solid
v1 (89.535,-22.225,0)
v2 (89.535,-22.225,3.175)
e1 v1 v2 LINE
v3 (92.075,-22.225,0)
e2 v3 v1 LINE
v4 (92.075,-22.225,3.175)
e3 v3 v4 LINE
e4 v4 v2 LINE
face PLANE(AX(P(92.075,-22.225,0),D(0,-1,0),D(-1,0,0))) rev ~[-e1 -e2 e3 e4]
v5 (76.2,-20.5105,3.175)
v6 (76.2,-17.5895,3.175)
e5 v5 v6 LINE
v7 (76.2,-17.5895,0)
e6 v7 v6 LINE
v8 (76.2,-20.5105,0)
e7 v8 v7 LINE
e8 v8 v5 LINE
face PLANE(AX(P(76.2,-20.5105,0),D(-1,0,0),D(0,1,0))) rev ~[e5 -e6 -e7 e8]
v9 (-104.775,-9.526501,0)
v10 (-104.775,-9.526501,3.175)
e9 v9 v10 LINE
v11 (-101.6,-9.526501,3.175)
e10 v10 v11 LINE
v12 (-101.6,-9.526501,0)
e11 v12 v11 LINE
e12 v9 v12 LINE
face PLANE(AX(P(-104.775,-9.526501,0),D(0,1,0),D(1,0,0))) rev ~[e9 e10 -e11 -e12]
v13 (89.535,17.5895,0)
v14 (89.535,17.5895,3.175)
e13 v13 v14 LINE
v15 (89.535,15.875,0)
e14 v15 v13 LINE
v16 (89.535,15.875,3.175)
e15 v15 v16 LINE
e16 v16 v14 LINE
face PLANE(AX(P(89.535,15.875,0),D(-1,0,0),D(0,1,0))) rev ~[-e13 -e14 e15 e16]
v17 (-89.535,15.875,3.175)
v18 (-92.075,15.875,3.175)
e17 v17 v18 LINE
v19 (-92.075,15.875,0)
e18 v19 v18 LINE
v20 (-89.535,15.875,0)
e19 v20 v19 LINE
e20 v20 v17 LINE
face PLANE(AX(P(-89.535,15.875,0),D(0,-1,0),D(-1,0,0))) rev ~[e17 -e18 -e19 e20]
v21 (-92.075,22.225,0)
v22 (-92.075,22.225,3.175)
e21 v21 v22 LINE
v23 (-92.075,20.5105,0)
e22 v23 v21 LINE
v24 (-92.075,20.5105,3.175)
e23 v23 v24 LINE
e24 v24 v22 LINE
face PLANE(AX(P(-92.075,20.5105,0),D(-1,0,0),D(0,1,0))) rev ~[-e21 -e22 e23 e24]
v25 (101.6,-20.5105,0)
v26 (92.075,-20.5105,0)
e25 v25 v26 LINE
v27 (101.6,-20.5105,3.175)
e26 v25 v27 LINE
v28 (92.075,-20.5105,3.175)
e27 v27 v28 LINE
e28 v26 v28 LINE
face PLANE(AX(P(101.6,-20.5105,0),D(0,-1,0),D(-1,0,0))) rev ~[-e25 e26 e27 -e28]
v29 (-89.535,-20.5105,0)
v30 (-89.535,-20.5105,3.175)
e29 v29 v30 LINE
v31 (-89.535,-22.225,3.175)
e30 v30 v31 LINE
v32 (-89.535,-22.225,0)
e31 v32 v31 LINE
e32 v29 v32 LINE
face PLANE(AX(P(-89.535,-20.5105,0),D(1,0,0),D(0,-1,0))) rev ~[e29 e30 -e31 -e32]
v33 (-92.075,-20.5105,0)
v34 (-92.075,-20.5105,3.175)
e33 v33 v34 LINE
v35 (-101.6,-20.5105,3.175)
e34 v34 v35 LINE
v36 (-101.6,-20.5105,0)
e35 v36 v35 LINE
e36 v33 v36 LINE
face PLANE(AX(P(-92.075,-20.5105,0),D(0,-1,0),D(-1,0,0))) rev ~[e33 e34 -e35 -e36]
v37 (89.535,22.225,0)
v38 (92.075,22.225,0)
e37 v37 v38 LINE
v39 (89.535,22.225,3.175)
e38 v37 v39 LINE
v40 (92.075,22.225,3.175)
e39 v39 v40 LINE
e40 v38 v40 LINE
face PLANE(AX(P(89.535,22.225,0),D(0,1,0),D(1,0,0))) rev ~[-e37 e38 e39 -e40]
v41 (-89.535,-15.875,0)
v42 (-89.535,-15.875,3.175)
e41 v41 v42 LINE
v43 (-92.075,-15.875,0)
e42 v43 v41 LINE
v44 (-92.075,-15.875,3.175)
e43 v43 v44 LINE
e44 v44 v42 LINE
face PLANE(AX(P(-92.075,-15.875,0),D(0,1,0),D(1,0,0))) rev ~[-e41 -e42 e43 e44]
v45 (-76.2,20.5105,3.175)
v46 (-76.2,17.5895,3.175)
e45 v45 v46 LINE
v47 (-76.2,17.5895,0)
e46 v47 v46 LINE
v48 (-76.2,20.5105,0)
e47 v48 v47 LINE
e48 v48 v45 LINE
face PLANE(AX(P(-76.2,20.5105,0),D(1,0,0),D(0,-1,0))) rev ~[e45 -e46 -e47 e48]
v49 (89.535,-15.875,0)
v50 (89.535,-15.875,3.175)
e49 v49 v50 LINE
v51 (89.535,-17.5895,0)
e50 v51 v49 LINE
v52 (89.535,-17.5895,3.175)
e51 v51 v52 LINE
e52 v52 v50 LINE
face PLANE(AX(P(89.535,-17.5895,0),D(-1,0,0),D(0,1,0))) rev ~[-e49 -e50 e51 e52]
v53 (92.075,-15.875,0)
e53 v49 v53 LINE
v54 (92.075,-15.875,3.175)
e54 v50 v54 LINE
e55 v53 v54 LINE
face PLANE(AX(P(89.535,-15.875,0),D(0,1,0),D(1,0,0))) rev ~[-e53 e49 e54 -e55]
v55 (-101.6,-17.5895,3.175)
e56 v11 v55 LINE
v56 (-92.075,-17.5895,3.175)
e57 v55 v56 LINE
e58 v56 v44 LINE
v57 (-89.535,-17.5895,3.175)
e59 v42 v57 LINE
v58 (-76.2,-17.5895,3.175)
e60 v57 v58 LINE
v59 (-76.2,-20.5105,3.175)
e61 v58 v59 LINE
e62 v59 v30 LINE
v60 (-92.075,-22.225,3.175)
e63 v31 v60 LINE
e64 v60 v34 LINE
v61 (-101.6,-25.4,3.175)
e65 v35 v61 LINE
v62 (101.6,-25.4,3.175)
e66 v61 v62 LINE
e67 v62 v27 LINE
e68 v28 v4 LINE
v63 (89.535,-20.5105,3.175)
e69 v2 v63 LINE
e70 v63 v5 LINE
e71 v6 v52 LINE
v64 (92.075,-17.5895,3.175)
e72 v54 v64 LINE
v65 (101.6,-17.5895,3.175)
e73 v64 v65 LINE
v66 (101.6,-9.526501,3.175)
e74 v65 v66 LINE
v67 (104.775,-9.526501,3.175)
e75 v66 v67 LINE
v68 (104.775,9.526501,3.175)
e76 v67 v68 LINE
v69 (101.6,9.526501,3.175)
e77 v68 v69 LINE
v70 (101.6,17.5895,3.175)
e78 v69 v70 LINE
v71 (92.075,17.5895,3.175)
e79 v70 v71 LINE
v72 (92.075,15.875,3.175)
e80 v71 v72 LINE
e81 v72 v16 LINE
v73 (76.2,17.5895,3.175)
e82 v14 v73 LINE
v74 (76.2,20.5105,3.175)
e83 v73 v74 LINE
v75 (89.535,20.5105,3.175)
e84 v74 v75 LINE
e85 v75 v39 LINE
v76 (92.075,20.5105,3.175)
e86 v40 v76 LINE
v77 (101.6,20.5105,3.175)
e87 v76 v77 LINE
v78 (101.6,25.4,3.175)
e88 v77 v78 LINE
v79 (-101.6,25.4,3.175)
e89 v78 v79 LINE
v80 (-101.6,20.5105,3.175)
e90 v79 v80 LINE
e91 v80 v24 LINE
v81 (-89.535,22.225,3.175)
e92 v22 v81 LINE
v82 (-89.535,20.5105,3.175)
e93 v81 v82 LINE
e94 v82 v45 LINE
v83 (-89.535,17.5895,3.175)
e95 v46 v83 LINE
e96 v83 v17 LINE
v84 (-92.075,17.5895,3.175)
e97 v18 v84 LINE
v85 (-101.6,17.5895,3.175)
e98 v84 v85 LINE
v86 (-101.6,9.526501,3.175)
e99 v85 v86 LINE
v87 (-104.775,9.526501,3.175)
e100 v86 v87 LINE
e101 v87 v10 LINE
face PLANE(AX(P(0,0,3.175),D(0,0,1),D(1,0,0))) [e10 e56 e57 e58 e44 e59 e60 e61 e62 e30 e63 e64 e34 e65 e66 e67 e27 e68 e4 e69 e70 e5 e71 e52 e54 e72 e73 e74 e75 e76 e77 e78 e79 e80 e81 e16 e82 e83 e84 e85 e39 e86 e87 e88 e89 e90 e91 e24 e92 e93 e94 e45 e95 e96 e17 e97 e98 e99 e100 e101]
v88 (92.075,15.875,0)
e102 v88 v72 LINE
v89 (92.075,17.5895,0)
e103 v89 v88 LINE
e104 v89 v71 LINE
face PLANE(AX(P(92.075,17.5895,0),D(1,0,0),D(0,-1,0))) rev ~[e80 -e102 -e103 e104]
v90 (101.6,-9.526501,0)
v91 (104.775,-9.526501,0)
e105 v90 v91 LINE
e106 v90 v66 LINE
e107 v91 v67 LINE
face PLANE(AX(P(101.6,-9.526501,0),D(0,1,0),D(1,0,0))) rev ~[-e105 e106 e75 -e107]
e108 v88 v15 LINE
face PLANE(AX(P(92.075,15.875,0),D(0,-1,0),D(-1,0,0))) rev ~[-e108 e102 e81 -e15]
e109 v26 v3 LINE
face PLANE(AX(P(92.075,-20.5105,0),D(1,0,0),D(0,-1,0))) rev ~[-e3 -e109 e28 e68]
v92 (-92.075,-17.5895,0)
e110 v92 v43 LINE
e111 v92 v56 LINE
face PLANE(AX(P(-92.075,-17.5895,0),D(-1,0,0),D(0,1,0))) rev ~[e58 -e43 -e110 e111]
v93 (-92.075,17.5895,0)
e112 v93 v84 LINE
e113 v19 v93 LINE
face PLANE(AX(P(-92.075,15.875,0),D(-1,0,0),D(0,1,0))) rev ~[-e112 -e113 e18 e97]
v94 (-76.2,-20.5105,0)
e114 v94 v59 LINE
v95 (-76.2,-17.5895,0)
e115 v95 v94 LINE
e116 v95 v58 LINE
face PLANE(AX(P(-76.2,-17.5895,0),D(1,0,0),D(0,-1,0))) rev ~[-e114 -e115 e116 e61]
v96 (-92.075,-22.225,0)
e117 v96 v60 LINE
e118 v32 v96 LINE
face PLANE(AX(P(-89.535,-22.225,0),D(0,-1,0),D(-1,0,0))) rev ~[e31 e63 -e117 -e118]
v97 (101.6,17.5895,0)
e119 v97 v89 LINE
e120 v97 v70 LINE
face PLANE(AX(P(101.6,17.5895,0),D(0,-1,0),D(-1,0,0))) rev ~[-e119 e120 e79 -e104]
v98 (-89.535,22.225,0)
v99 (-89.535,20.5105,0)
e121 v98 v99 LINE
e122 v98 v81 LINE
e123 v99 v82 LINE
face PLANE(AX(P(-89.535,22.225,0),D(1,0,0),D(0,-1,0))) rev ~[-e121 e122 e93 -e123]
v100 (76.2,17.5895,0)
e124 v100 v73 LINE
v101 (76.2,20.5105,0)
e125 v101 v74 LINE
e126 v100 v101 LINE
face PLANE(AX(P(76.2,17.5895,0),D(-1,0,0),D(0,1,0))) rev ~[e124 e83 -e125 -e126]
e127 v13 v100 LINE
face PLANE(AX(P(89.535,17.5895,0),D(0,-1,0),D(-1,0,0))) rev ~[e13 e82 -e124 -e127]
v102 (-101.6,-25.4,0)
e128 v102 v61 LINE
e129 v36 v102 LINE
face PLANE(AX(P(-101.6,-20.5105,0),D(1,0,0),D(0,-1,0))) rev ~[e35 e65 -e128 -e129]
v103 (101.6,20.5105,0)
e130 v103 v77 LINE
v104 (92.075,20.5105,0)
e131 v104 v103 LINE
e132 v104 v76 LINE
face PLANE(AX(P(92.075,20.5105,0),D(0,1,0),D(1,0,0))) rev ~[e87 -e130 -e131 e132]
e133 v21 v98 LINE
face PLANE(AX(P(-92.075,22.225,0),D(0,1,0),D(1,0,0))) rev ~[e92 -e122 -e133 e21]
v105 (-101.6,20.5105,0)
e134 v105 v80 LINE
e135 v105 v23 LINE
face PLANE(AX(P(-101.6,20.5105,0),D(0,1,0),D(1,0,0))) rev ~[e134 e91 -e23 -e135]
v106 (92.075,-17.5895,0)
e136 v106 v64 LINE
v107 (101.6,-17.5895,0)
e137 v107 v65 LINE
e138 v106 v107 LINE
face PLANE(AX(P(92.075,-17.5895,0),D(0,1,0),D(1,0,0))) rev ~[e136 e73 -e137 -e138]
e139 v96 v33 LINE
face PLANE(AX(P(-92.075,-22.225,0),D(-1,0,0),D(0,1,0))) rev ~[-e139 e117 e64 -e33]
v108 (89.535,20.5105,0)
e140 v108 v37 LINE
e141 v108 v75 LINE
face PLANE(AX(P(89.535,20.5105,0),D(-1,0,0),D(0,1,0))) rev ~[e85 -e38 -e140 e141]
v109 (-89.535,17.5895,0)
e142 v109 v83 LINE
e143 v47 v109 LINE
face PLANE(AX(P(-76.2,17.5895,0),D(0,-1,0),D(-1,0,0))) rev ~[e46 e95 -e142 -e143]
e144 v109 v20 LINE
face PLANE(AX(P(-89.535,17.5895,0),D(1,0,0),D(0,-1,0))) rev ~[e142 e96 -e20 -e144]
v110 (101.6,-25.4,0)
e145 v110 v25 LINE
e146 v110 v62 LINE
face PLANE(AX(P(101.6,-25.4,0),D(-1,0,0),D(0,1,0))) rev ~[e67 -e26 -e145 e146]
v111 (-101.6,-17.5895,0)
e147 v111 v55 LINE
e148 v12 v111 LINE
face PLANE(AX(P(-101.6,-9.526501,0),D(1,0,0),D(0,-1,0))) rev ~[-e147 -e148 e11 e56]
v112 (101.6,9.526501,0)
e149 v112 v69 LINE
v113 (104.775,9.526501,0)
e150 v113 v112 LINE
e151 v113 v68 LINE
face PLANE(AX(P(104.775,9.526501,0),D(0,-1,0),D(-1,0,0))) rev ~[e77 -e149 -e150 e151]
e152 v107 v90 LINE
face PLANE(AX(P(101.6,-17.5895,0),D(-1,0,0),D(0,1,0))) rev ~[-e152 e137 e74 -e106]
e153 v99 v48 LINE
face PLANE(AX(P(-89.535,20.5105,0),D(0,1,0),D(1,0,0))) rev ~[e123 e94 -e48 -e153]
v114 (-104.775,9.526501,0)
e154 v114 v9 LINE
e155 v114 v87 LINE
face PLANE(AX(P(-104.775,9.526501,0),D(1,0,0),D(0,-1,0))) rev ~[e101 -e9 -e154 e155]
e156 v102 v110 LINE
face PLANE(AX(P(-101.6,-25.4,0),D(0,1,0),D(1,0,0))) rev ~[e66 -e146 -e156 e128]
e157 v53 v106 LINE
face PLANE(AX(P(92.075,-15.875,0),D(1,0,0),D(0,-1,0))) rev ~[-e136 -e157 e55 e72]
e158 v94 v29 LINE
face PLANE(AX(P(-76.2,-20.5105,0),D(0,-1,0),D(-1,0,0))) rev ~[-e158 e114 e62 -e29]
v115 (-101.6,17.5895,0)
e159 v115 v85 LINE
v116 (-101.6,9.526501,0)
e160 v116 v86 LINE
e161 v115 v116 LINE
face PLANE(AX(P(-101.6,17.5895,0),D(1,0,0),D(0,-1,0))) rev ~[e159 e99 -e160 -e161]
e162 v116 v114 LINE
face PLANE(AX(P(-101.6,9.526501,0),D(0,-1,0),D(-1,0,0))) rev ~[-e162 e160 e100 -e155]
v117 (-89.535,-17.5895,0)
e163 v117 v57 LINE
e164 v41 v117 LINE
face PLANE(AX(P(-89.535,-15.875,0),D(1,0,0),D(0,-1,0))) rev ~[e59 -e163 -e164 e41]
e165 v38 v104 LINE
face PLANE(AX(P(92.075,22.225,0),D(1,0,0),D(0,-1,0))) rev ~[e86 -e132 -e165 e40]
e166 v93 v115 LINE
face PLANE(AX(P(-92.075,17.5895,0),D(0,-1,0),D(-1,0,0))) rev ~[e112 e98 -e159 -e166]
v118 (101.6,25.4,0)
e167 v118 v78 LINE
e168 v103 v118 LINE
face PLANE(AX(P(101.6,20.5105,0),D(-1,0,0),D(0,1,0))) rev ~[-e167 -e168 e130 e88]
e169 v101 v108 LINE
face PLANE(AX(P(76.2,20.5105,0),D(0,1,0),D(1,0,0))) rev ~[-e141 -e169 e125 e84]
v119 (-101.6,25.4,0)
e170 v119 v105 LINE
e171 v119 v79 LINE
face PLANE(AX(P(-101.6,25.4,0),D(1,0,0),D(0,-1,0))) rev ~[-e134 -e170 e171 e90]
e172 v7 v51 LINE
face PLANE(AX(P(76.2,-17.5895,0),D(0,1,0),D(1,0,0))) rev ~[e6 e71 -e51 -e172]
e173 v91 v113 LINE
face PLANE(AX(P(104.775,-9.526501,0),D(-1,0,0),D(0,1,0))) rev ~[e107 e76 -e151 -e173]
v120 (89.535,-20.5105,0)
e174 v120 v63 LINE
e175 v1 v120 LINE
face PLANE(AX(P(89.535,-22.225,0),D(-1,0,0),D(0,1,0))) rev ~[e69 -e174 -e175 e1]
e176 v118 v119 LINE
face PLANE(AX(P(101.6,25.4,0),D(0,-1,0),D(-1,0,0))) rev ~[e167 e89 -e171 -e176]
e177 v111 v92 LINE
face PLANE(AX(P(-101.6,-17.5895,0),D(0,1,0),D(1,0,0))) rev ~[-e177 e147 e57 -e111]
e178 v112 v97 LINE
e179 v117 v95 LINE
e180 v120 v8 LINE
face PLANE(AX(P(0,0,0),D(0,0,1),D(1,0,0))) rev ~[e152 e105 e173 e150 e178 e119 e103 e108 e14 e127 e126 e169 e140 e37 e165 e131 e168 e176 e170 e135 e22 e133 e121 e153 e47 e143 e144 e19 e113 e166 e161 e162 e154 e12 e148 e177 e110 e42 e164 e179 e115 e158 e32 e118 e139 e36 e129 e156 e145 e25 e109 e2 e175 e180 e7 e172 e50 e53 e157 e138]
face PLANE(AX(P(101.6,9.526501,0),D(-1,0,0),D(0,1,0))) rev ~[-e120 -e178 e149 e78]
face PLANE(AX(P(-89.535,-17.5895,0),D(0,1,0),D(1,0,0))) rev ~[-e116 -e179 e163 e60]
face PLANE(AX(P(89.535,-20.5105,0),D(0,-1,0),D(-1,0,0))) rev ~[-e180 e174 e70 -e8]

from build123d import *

# Parameters (mm, degrees)
F1_DEPTH = 3.175


with BuildPart() as f1:
    # F0 (on Top) → F1 (new body)
    with BuildSketch(Plane.XY):
        Polygon((101.6, 25.4), (0, 25.4), (-101.6, 25.4), (-101.6, 20.5105), (-92.075, 20.5105), (-92.075, 22.225), (-89.535, 22.225), (-89.535, 20.5105), (-76.2, 20.5105), (-76.2, 17.5895), (-89.535, 17.5895), (-89.535, 15.875), (-92.075, 15.875), (-92.075, 17.5895), (-101.6, 17.5895), (-101.6, 9.526501), (-104.775, 9.526501), (-104.775, 0), (-104.775, -9.526501), (-101.6, -9.526501), (-101.6, -17.5895), (-92.075, -17.5895), (-92.075, -15.875), (-89.535, -15.875), (-89.535, -17.5895), (-76.2, -17.5895), (-76.2, -20.5105), (-89.535, -20.5105), (-89.535, -22.225), (-92.075, -22.225), (-92.075, -20.5105), (-101.6, -20.5105), (-101.6, -25.4), (0, -25.4), (101.6, -25.4), (101.6, -20.5105), (92.075, -20.5105), (92.075, -22.225), (89.535, -22.225), (89.535, -20.5105), (76.2, -20.5105), (76.2, -17.5895), (89.535, -17.5895), (89.535, -15.875), (92.075, -15.875), (92.075, -17.5895), (101.6, -17.5895), (101.6, -9.526501), (104.775, -9.526501), (104.775, 0), (104.775, 9.526501), (101.6, 9.526501), (101.6, 17.5895), (92.075, 17.5895), (92.075, 15.875), (89.535, 15.875), (89.535, 17.5895), (76.2, 17.5895), (76.2, 20.5105), (89.535, 20.5105), (89.535, 22.225), (92.075, 22.225), (92.075, 20.5105), (101.6, 20.5105), align=None)
    extrude(amount=F1_DEPTH)


solid = f1.part
